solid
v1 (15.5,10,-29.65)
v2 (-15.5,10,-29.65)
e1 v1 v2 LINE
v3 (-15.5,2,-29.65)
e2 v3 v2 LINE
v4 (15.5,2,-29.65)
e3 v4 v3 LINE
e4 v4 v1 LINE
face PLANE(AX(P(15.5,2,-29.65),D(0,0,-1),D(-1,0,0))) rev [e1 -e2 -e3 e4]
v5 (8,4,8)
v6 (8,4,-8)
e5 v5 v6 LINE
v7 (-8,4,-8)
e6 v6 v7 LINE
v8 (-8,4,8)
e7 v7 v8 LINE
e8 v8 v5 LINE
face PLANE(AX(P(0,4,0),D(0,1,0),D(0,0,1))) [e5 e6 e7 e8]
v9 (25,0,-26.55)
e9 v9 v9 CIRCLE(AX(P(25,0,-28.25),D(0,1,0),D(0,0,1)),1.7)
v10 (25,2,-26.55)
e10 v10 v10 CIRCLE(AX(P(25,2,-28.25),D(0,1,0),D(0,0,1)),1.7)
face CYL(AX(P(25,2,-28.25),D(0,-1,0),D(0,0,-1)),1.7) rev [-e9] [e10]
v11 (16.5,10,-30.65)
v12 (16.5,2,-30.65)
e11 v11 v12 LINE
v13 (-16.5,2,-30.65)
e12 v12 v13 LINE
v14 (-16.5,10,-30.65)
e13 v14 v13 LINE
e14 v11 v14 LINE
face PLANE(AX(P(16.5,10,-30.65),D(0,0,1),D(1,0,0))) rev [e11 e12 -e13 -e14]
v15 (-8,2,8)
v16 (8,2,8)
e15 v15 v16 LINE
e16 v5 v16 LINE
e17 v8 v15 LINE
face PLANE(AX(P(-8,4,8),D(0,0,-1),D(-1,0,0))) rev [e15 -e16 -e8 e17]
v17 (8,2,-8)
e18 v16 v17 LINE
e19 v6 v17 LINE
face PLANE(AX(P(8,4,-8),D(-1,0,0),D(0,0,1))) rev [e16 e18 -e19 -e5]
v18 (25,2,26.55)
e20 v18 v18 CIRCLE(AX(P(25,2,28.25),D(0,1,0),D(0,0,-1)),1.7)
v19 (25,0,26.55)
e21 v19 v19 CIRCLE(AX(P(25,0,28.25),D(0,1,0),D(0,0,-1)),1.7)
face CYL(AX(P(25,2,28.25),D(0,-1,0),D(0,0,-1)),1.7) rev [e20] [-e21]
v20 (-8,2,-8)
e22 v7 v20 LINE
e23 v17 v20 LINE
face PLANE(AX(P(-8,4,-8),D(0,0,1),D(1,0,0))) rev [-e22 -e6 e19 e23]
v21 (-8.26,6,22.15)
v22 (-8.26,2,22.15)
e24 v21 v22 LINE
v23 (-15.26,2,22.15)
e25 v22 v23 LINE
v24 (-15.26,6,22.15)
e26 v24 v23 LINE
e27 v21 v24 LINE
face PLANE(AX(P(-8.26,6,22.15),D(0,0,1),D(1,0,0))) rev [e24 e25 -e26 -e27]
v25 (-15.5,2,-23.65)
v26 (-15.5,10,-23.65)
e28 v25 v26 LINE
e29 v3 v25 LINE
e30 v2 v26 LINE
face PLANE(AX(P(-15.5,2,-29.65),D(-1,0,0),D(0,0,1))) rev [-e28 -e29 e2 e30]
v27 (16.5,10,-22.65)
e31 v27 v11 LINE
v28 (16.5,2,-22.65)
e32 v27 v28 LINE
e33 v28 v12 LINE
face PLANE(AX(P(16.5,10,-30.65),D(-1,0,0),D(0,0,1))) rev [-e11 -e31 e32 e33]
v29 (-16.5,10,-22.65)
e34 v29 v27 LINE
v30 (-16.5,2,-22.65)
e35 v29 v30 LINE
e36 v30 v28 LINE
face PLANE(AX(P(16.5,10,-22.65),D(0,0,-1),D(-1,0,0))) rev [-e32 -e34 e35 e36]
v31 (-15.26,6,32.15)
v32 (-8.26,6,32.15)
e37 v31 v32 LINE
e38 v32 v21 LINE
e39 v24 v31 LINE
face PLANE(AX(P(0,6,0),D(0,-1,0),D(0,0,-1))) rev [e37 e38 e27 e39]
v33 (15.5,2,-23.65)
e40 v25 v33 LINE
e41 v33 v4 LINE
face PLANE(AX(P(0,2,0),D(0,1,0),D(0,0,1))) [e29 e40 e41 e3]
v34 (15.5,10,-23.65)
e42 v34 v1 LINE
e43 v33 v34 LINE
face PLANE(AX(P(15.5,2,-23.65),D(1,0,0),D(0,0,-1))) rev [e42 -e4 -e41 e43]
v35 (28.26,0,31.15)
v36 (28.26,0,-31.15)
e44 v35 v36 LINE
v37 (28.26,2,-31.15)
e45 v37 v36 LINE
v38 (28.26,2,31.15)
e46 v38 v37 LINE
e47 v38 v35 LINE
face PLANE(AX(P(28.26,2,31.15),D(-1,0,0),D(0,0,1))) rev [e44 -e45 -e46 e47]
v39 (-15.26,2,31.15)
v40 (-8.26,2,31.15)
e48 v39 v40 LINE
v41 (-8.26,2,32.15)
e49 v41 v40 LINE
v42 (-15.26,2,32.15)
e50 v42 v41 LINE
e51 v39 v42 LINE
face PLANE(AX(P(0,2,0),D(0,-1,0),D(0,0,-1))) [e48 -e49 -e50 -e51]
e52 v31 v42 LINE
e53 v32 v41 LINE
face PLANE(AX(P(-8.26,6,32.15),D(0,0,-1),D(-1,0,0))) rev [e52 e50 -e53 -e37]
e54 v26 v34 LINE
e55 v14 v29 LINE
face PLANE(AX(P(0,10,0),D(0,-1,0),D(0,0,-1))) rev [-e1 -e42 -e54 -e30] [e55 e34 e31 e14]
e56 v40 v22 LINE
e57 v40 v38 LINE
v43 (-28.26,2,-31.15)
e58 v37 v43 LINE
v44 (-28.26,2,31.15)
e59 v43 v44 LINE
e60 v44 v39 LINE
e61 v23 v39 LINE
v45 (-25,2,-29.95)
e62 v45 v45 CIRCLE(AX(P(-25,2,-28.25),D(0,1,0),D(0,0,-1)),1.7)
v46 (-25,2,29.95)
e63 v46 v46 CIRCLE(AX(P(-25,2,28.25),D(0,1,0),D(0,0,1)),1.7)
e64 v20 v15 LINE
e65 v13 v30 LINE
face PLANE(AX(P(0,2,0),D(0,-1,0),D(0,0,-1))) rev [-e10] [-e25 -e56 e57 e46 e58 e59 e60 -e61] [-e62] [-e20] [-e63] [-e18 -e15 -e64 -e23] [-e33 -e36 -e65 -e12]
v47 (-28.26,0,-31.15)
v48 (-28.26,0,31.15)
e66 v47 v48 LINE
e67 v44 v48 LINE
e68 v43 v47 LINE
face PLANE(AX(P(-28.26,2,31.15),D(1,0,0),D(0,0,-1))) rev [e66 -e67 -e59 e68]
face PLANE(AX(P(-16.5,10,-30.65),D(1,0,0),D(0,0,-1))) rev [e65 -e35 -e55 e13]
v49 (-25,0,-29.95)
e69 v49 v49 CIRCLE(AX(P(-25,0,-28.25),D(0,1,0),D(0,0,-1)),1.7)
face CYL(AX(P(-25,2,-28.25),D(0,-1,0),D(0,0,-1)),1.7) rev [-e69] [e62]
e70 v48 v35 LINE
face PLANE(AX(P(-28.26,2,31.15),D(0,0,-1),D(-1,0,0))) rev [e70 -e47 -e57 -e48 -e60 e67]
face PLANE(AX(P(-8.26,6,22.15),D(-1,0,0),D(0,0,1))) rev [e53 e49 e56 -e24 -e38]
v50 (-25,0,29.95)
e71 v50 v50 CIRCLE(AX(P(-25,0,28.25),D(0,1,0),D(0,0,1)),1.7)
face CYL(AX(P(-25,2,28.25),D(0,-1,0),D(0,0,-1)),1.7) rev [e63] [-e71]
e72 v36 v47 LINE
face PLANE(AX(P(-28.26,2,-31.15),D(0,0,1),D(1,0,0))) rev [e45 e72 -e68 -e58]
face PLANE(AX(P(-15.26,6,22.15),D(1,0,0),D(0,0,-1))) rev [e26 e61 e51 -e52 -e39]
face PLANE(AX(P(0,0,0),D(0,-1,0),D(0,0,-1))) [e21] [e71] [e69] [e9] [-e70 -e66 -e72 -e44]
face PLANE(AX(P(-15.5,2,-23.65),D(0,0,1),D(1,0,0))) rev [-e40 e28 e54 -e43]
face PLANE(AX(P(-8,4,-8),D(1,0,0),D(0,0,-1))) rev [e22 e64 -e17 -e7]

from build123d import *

# Parameters (mm, degrees)
SKETCH_1_W          = 56.52
SKETCH_1_H          = 62.3
SKETCH_1_R          = 1.7
EXTRUDE_1_DEPTH     = 2
SKETCH_2_W          = 16
SKETCH_2_H          = 16
EXTRUDE_2_DEPTH     = 2
SKETCH_3_W          = 33
SKETCH_3_H          = 8
EXTRUDE_3_DEPTH     = 8
SKETCH_4_W          = 31
SKETCH_4_H          = 6
CUT_EXTRUDE_1_DEPTH = 8
SKETCH_5_W          = 7
SKETCH_5_H          = 10
EXTRUDE_4_DEPTH     = 4


with BuildPart() as part:
    # 草图1 → 凸台-拉伸1 (new body)
    with BuildSketch(Plane(origin=(0, 0, 0), x_dir=(1, 0, 0), z_dir=(0, 1, 0))):
        Rectangle(SKETCH_1_W, SKETCH_1_H)
        with Locations(Location((25, 28.25, 0), (0, 0, 270))):
            Circle(SKETCH_1_R, mode=Mode.SUBTRACT)
        with Locations(Location((25, -28.25, 0), (0, 0, 90))):
            Circle(SKETCH_1_R, mode=Mode.SUBTRACT)
        with Locations(Location((-25, -28.25, 0), (0, 0, 270))):
            Circle(SKETCH_1_R, mode=Mode.SUBTRACT)
        with Locations(Location((-25, 28.25, 0), (0, 0, 90))):
            Circle(SKETCH_1_R, mode=Mode.SUBTRACT)
    extrude(amount=EXTRUDE_1_DEPTH)

    # 草图2 → 凸台-拉伸2 (add)
    with BuildSketch(Plane(origin=(0, 2, 0), x_dir=(1, 0, 0), z_dir=(0, 1, 0))):
        Rectangle(SKETCH_2_W, SKETCH_2_H)
    extrude(amount=EXTRUDE_2_DEPTH)

    # 草图3 → 凸台-拉伸3 (add)
    with BuildSketch(Plane(origin=(0, 2, 0), x_dir=(1, 0, 0), z_dir=(0, 1, 0))):
        with Locations((0, 26.65)):
            Rectangle(SKETCH_3_W, SKETCH_3_H)
    extrude(amount=EXTRUDE_3_DEPTH)

    # 草图4 → 切除-拉伸1 (cut)
    with BuildSketch(Plane(origin=(0, 10, 0), x_dir=(1, 0, 0), z_dir=(0, 1, 0))):
        with Locations((0, 26.65)):
            Rectangle(SKETCH_4_W, SKETCH_4_H)
    extrude(amount=-CUT_EXTRUDE_1_DEPTH, mode=Mode.SUBTRACT)

    # 草图5 → 凸台-拉伸4 (add)
    with BuildSketch(Plane(origin=(0, 2, 0), x_dir=(1, 0, 0), z_dir=(0, 1, 0))):
        with Locations((-11.76, -27.15)):
            Rectangle(SKETCH_5_W, SKETCH_5_H)
    extrude(amount=EXTRUDE_4_DEPTH)


solid = part.part
